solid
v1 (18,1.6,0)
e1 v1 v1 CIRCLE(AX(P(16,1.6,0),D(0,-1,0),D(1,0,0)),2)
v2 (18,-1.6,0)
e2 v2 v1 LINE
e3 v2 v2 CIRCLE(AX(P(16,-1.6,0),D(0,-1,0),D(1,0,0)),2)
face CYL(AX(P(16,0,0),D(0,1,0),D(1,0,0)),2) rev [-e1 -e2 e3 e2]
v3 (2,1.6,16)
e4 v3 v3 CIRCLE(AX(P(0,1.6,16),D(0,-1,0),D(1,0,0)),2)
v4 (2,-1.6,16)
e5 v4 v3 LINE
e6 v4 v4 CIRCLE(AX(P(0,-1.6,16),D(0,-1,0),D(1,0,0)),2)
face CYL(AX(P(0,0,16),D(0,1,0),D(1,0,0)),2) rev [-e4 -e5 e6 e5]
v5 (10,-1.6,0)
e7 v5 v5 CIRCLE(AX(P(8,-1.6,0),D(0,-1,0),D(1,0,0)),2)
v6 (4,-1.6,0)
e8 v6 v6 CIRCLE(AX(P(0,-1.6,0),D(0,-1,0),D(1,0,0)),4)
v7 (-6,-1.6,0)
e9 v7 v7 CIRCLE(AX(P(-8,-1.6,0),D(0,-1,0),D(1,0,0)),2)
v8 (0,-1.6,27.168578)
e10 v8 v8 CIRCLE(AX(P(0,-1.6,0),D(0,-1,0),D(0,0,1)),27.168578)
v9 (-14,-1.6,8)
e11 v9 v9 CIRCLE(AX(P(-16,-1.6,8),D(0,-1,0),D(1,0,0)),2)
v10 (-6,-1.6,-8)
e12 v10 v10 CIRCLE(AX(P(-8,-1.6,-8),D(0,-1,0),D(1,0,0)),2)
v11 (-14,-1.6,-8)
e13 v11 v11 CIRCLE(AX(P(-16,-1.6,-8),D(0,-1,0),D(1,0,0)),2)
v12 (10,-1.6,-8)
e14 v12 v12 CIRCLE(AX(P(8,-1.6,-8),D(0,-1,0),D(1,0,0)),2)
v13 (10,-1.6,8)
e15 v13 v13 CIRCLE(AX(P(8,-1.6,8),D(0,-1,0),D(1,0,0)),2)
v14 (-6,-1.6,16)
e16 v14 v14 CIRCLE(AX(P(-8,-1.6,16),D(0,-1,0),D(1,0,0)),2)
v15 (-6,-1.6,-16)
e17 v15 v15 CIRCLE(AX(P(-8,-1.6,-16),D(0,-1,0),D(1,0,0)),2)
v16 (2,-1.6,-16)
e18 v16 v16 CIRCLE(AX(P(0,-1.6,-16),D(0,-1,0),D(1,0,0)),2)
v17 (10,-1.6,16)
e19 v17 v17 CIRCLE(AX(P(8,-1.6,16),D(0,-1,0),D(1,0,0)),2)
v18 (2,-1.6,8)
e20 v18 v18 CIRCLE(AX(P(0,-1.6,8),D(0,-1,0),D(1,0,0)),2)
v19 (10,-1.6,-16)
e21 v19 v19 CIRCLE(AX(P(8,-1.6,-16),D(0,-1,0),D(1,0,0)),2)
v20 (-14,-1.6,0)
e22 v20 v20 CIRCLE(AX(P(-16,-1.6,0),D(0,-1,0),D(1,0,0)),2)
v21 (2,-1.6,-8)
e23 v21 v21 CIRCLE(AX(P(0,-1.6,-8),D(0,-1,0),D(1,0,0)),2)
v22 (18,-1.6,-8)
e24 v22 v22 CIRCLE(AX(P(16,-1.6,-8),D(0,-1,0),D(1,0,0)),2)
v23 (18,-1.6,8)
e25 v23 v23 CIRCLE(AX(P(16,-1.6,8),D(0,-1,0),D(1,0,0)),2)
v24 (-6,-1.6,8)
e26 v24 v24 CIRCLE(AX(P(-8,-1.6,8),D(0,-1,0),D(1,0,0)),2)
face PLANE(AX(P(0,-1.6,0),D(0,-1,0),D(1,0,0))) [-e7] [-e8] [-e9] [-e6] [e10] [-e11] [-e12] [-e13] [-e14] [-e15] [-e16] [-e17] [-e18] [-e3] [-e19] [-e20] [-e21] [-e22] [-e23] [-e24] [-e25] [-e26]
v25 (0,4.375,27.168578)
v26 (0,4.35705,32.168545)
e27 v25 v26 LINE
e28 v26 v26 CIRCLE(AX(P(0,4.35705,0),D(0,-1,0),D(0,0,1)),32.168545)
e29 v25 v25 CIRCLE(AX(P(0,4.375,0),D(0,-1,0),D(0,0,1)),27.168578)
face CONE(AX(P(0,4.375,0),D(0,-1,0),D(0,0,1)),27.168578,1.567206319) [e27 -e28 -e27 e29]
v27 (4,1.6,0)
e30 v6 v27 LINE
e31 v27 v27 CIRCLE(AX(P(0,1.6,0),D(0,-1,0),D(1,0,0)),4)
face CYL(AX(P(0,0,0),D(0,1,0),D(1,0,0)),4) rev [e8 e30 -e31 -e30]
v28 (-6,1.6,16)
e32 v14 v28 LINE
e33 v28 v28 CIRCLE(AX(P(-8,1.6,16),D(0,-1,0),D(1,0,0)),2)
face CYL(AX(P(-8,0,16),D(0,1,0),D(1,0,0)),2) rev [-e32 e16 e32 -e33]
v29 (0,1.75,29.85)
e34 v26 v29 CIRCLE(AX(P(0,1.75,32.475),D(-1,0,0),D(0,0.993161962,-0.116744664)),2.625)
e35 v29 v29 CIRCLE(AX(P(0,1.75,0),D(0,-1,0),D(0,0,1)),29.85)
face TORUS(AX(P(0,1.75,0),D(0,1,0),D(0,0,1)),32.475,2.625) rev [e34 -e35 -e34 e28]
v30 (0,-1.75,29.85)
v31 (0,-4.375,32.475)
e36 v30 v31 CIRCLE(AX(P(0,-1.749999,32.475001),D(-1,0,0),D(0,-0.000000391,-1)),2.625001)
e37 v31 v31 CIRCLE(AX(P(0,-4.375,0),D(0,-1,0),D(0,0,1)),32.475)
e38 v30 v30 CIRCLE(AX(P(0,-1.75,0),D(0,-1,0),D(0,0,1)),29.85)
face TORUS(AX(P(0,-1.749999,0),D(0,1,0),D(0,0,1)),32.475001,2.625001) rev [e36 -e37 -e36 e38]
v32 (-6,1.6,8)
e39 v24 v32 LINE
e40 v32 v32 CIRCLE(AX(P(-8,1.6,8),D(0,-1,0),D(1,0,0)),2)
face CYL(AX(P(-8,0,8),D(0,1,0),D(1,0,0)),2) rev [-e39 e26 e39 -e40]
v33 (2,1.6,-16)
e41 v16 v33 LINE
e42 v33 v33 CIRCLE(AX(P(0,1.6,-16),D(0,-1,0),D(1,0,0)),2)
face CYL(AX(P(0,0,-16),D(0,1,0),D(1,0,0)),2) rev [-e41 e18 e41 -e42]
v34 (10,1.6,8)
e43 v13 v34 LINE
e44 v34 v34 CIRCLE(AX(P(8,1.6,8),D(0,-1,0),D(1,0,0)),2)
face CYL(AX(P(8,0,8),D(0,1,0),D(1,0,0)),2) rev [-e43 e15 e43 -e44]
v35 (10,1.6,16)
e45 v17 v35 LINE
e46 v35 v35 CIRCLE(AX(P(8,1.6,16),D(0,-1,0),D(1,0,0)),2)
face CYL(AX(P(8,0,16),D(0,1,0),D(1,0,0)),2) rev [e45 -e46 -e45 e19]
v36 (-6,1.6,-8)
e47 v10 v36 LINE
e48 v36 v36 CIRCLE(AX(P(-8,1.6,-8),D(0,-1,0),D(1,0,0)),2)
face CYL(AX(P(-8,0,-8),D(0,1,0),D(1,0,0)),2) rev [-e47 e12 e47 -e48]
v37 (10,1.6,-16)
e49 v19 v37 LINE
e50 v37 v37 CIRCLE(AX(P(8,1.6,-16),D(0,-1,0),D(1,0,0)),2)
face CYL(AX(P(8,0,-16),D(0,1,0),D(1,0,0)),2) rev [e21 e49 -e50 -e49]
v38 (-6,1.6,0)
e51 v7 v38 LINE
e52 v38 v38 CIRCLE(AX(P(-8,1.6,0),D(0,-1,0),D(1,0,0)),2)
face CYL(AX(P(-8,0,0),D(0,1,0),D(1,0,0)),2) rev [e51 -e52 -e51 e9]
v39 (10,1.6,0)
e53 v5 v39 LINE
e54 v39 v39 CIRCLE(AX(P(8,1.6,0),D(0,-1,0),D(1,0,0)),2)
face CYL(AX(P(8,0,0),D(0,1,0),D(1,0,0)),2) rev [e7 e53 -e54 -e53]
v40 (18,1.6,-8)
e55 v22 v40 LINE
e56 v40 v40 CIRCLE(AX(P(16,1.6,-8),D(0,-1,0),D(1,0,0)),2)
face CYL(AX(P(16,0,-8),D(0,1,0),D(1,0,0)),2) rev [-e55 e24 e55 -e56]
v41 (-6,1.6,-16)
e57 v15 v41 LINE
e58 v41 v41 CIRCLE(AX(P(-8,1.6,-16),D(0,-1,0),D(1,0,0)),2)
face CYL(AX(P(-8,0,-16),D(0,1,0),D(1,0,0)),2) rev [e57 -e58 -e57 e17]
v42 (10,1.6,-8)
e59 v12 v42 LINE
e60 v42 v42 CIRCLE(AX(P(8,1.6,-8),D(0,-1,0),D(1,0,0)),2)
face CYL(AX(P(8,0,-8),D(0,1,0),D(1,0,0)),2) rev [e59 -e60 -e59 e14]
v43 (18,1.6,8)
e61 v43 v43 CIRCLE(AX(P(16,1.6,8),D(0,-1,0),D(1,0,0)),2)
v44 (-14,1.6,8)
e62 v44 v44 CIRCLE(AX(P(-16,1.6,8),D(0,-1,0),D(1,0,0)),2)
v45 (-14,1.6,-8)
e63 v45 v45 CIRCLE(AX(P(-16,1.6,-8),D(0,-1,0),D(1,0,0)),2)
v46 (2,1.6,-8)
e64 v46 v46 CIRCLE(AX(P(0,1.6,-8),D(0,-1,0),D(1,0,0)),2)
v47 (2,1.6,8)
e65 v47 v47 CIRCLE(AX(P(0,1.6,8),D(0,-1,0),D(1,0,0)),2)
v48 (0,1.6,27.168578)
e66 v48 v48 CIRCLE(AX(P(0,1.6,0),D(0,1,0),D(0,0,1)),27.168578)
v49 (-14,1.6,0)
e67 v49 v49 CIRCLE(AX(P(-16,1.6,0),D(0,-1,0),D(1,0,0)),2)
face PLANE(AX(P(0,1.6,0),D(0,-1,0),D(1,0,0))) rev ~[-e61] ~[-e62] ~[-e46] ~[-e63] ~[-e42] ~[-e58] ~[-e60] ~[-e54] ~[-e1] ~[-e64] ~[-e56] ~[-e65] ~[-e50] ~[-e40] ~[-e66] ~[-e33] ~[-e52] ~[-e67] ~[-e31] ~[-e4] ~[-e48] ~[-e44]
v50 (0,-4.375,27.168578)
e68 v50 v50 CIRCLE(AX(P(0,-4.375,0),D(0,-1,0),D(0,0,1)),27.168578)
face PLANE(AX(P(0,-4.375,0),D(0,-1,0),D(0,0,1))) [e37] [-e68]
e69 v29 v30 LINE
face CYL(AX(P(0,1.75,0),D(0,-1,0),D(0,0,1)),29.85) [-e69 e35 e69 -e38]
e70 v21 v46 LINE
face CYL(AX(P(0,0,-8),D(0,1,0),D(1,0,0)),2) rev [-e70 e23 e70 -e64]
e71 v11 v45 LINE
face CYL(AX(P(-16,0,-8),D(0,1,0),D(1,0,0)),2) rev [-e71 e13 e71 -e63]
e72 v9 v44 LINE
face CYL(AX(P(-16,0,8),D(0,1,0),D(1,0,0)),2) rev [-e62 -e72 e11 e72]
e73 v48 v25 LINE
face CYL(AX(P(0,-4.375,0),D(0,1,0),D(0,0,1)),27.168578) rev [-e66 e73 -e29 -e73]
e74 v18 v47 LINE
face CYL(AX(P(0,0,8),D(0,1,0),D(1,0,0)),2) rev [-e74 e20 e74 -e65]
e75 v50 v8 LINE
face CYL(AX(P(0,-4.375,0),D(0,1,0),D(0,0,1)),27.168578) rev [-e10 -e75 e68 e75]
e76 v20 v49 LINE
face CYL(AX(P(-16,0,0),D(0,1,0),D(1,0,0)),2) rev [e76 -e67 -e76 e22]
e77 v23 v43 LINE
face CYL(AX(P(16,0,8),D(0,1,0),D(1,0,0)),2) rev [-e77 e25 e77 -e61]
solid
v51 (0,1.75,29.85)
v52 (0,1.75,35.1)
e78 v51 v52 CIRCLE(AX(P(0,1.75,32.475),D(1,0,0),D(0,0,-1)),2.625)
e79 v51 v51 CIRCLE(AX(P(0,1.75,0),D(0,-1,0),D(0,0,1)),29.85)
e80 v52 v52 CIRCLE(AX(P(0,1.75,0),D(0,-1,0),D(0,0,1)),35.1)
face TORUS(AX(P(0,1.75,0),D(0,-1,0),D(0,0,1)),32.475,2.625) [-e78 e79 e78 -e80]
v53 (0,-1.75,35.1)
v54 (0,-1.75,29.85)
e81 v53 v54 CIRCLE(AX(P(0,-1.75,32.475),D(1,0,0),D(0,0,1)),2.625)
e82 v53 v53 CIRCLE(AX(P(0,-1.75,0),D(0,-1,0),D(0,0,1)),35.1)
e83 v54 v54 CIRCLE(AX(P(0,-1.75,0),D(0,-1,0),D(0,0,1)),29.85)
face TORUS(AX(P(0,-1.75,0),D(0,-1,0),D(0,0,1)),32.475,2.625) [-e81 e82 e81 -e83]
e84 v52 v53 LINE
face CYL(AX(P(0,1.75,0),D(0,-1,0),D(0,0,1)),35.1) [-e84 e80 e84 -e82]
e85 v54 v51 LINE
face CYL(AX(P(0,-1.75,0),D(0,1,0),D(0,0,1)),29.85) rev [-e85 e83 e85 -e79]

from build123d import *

# Parameters (mm, degrees)
F4_R     = 27.168578
F4_R_2   = 2
F4_R_3   = 4
F5_DEPTH = 1.6


with BuildPart() as f1:
    # F0 (on Right) → F1 (revolve)
    with BuildSketch(Plane.YZ):
        with BuildLine():
            ThreePointArc((1.75, 29.85), (4.375, 32.475), (1.75, 35.1))
            Line((1.75, 35.1), (-1.75, 35.1))
            ThreePointArc((-1.75, 35.1), (-4.375, 32.475), (-1.75, 29.85))
            Line((-1.75, 29.85), (1.75, 29.85))
        make_face()
    revolve(axis=Axis((0, -4.684618, 0), (0, -1, 0)))


with BuildPart() as f3:
    # F2 (on Right) → F3 (revolve)
    with BuildSketch(Plane.YZ):
        with BuildLine():
            ThreePointArc((4.35705, 32.168545), (3.494446, 30.513487), (1.75, 29.85))
            Line((1.75, 29.85), (-1.75, 29.85))
            ThreePointArc((-1.75, 29.85), (-3.606155, 30.618845), (-4.375, 32.475))
            Line((-4.375, 32.475), (-4.375, 27.168578))
            Line((-4.375, 27.168578), (4.375, 27.168578))
            Line((4.375, 27.168578), (4.35705, 32.168545))
        make_face()
    revolve(axis=Axis((0, -6.020614, 0), (0, -1, 0)))

    # F4 (on Front) → F5 (join, symmetric)
    with BuildSketch(Plane.XZ):
        Circle(F4_R)
        with Locations((-8, -16)):
            Circle(F4_R_2, mode=Mode.SUBTRACT)
        with Locations((-16, -8)):
            Circle(F4_R_2, mode=Mode.SUBTRACT)
        with Locations((-8, -8)):
            Circle(F4_R_2, mode=Mode.SUBTRACT)
        with Locations((0, -16)):
            Circle(F4_R_2, mode=Mode.SUBTRACT)
        with Locations((8, -16)):
            Circle(F4_R_2, mode=Mode.SUBTRACT)
        with Locations((0, -8)):
            Circle(F4_R_2, mode=Mode.SUBTRACT)
        with Locations((8, -8)):
            Circle(F4_R_2, mode=Mode.SUBTRACT)
        with Locations((16, -8)):
            Circle(F4_R_2, mode=Mode.SUBTRACT)
        with Locations((-16, 0)):
            Circle(F4_R_2, mode=Mode.SUBTRACT)
        with Locations((-16, 8)):
            Circle(F4_R_2, mode=Mode.SUBTRACT)
        with Locations((-8, 0)):
            Circle(F4_R_2, mode=Mode.SUBTRACT)
        with Locations((-8, 8)):
            Circle(F4_R_2, mode=Mode.SUBTRACT)
        with Locations((-8, 16)):
            Circle(F4_R_2, mode=Mode.SUBTRACT)
        Circle(F4_R_3, mode=Mode.SUBTRACT)
        with Locations((8, 0)):
            Circle(F4_R_2, mode=Mode.SUBTRACT)
        with Locations((0, 8)):
            Circle(F4_R_2, mode=Mode.SUBTRACT)
        with Locations((8, 8)):
            Circle(F4_R_2, mode=Mode.SUBTRACT)
        with Locations((16, 0)):
            Circle(F4_R_2, mode=Mode.SUBTRACT)
        with Locations((16, 8)):
            Circle(F4_R_2, mode=Mode.SUBTRACT)
        with Locations((0, 16)):
            Circle(F4_R_2, mode=Mode.SUBTRACT)
        with Locations((8, 16)):
            Circle(F4_R_2, mode=Mode.SUBTRACT)
    extrude(amount=F5_DEPTH, both=True)


solid = Compound([f1.part, f3.part])
